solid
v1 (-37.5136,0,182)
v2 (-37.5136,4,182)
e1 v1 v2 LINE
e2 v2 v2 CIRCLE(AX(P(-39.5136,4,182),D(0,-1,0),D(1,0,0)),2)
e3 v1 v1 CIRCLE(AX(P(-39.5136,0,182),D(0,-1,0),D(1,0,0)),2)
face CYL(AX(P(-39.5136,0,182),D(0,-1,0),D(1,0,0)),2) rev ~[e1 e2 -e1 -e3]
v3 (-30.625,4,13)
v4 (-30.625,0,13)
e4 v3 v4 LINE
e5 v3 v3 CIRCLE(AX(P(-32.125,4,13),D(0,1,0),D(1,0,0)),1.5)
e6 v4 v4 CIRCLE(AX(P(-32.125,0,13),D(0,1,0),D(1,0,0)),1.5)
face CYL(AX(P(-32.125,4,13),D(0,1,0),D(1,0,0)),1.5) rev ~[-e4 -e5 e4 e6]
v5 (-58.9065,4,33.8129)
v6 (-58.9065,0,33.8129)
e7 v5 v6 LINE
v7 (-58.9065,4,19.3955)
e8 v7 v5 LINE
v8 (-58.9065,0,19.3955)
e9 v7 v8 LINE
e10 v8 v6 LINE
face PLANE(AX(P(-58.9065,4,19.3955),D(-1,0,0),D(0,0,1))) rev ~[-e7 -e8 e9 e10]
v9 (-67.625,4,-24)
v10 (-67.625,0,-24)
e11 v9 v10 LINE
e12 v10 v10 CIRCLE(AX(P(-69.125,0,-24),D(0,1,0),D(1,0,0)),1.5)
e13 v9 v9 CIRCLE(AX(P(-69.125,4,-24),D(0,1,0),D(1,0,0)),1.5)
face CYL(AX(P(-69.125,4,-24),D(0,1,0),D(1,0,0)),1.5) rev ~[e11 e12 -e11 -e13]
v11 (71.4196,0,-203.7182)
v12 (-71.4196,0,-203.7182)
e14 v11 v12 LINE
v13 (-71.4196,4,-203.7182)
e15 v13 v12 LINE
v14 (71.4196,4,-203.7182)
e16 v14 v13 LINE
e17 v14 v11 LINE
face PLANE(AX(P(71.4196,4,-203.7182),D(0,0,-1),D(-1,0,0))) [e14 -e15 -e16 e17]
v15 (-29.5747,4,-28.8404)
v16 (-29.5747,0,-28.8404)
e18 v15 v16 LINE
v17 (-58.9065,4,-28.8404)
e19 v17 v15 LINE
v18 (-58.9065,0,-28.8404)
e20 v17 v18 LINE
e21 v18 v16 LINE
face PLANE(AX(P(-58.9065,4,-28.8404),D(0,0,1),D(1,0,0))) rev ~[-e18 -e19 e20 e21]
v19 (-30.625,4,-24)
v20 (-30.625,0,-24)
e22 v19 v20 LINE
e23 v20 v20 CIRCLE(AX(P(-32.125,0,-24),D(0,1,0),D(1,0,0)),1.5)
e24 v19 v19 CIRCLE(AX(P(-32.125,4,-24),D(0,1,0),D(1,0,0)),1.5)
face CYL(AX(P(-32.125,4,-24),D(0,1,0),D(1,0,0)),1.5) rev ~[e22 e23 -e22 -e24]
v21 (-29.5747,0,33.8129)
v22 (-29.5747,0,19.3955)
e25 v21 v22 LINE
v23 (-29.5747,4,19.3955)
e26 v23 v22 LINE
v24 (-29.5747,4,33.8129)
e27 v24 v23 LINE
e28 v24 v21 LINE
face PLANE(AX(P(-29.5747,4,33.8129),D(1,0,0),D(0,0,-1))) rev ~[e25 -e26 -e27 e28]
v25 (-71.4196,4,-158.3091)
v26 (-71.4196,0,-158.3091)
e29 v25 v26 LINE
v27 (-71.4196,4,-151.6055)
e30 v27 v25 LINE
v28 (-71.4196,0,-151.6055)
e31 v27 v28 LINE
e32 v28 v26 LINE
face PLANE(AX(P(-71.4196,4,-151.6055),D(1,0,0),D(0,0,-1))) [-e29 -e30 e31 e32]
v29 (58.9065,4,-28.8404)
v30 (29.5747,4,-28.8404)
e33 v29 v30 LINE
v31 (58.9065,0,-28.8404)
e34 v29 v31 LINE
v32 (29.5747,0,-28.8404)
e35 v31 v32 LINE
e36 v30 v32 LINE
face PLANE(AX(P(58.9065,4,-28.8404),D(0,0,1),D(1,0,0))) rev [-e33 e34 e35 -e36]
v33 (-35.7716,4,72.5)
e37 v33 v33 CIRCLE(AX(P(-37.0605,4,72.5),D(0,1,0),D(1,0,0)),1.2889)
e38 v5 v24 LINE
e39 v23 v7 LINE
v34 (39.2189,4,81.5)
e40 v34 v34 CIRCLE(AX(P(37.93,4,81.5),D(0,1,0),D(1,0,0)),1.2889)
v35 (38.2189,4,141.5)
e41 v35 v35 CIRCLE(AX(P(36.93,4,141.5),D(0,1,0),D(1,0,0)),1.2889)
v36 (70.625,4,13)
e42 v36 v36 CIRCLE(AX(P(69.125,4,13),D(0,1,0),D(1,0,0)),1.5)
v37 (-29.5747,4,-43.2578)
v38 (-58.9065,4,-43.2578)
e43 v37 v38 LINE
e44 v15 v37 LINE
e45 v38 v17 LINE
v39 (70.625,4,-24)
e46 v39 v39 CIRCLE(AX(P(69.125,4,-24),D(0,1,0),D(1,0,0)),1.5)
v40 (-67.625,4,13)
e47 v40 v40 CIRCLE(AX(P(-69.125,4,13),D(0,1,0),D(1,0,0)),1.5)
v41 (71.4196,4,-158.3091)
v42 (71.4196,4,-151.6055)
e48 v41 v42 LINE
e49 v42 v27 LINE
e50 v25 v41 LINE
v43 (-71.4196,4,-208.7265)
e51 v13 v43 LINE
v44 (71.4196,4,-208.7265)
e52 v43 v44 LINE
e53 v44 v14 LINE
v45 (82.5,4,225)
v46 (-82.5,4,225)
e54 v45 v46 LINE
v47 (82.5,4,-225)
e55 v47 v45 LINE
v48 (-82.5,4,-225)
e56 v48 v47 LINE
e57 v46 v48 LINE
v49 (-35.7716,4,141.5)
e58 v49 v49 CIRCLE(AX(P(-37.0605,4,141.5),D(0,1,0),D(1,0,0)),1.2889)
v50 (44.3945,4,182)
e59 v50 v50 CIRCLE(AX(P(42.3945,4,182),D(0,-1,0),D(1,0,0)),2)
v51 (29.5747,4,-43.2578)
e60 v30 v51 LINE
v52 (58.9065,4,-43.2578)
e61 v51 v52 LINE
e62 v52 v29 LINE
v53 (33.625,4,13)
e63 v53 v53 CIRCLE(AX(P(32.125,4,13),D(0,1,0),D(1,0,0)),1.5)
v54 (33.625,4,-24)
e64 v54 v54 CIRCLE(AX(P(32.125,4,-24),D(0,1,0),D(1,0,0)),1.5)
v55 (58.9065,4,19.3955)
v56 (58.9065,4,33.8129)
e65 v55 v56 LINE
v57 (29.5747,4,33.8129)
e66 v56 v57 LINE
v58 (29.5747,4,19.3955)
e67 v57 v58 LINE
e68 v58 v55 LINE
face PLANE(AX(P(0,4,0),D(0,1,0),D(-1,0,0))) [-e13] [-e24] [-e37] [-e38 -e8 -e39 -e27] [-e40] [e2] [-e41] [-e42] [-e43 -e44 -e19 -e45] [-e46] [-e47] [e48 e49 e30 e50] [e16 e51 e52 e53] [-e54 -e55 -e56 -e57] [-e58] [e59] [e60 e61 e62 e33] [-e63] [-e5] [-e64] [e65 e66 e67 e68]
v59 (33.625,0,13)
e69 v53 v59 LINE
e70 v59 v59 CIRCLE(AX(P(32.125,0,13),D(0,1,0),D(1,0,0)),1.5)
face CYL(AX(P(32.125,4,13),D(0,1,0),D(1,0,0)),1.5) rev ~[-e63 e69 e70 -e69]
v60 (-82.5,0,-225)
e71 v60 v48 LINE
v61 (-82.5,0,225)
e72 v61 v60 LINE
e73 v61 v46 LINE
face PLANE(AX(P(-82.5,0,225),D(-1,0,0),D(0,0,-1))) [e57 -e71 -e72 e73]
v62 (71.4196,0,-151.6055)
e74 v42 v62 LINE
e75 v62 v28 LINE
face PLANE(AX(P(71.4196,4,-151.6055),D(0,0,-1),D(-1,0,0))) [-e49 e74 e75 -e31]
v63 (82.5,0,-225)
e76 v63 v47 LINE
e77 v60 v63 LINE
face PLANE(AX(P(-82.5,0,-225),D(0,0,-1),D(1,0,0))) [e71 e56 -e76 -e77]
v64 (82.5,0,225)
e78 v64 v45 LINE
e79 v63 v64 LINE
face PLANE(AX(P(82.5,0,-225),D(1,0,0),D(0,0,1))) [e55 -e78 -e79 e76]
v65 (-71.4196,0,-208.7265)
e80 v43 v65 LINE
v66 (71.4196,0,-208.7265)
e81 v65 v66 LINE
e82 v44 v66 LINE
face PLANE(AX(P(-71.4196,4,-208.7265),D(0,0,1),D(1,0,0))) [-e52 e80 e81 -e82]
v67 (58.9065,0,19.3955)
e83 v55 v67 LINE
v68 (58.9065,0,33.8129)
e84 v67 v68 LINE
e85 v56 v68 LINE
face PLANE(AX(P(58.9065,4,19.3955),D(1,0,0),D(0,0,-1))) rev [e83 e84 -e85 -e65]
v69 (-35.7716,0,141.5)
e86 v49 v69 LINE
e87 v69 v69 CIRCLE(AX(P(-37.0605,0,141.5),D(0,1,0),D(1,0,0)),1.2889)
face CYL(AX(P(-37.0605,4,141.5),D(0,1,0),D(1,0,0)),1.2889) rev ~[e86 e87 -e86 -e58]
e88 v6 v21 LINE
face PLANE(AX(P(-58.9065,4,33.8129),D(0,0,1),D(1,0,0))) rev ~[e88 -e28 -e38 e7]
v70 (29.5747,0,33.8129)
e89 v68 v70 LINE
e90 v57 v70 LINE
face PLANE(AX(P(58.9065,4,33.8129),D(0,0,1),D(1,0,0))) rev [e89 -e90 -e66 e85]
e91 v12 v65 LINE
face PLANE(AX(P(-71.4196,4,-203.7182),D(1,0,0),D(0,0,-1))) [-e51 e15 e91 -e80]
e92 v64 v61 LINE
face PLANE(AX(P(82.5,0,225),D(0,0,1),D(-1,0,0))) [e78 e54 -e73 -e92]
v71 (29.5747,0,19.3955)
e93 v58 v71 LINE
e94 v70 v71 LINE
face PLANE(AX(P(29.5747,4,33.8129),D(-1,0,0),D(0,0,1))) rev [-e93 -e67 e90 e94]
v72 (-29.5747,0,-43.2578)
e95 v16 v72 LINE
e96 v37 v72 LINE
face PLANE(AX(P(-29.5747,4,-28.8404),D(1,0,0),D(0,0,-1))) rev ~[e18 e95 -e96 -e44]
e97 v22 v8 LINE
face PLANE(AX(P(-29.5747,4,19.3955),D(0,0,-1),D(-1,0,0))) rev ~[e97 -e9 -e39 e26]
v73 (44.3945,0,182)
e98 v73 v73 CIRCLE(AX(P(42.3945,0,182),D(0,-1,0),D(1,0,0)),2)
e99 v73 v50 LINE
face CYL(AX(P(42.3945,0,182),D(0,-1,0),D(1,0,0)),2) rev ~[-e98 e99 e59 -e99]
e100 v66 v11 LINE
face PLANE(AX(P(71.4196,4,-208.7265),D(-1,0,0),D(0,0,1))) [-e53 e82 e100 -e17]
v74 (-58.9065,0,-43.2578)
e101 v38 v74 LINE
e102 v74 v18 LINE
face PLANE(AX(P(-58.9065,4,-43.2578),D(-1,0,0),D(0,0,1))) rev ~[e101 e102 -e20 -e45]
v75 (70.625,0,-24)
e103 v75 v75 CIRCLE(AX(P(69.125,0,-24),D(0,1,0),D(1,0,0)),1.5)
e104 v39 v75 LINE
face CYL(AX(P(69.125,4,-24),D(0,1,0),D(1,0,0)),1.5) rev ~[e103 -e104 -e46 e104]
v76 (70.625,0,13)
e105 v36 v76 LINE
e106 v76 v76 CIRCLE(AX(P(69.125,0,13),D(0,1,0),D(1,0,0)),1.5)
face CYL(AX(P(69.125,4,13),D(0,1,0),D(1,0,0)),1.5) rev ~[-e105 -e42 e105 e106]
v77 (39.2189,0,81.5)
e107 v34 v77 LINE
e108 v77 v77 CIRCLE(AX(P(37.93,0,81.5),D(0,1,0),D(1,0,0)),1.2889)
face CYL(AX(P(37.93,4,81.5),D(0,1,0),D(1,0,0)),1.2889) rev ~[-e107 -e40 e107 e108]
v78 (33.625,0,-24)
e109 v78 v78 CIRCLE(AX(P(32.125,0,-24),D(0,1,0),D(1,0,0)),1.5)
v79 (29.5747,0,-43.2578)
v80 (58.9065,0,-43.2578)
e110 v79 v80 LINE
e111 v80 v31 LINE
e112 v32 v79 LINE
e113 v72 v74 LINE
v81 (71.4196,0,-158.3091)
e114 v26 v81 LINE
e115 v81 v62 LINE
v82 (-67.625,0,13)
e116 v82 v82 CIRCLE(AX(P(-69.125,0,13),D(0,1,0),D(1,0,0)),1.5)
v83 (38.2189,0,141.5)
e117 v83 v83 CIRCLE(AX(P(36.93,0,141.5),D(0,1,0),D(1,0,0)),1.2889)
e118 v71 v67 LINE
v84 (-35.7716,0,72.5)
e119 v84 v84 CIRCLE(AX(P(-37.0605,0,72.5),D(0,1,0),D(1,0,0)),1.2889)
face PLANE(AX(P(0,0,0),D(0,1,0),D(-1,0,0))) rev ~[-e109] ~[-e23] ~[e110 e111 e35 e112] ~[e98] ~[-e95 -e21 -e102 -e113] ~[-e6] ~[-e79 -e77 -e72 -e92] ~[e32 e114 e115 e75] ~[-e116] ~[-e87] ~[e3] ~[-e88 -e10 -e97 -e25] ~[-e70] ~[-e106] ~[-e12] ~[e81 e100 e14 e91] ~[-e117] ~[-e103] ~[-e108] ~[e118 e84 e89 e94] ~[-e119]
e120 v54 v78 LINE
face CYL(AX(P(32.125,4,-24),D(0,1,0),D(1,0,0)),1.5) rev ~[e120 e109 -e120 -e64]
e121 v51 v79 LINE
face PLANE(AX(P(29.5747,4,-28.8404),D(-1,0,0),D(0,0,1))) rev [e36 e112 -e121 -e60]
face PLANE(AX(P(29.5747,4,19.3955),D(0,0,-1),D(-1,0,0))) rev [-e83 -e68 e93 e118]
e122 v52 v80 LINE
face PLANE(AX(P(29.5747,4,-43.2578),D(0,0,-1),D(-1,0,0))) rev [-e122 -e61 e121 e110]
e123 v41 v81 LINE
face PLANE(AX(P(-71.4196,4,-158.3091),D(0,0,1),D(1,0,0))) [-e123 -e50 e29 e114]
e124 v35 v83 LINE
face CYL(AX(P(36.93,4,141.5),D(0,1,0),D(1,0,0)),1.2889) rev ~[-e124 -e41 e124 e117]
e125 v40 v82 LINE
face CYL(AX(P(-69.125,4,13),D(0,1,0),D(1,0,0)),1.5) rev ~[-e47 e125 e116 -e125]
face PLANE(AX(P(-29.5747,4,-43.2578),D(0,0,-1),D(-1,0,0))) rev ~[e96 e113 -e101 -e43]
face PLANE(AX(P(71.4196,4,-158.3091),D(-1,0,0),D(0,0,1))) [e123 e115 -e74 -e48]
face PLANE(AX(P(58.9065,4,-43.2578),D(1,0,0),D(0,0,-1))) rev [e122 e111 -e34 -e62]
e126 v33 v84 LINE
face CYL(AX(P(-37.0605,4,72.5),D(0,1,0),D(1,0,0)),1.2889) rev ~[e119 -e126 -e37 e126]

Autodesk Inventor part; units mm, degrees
ref_plane "YZ Plane" through (0, 0, 0) normal (1, 0, 0) x (0, 1, 0)
ref_plane "XZ Plane" through (0, 0, 0) normal (0, 1, 0) x (-1, 0, 0)
ref_plane "XY Plane" through (0, 0, 0) normal (0, 0, 1) x (1, 0, 0)
sketch "Эскиз1" plane through (0, 0, 0) normal (0, 1, 0) x (-1, 0, 0)
  line L0 (-82.5, 225) -> (82.5, 225)
  line L1 (82.5, 225) -> (82.5, -225)
  line L2 (82.5, -225) -> (-82.5, -225)
  line L3 (-82.5, -225) -> (-82.5, 225)
  line L4 (-82.5, 225) -> (82.5, -225) construction
  line L5 (82.5, 225) -> (-82.5, -225) construction
  point P0 (0, 0)
  dimension "d0" = 165
  dimension "d1" = 450
extrude "Выдавливание1" add sketch "Эскиз1" along normal blind 4
sketch "Эскиз3" plane through (0, 0, 0) normal (0, -1, 0) x (1, 0, 0)
  circle A0 centre (42.3945, 182) radius 2 projected
  circle A1 centre (-39.5136, 182) radius 2 projected
  point P0 (0, 0)
extrude "Выдавливание3" cut sketch "Эскиз3" against normal blind 4
sketch "Эскиз4" plane through (0, 4, 0) normal (0, 1, 0) x (1, 0, 0)
  circle A0 centre (37.93, -81.5) radius 1.2889 projected
  circle A1 centre (-37.0605, -72.5) radius 1.2889 projected
  circle A2 centre (-37.0605, -141.5) radius 1.2889 projected
  circle A3 centre (36.93, -141.5) radius 1.2889 projected
  circle A4 centre (32.125, -13) radius 1.5 projected
  circle A5 centre (69.125, -13) radius 1.5 projected
  circle A6 centre (69.125, 24) radius 1.5 projected
  circle A7 centre (32.125, 24) radius 1.5 projected
  circle A8 centre (-32.125, 24) radius 1.5 projected
  circle A9 centre (-69.125, 24) radius 1.5 projected
  circle A10 centre (-69.125, -13) radius 1.5 projected
  circle A11 centre (-32.125, -13) radius 1.5 projected
  point P0 (0, 0)
extrude "Выдавливание4" cut sketch "Эскиз4" against normal blind 4
sketch "Эскиз5" plane through (0, 4, 0) normal (0, 1, 0) x (1, 0, 0)
  line L0 (-58.9065, 28.8404) -> (-29.5747, 28.8404)
  line L1 (-29.5747, 28.8404) -> (-29.5747, 43.2578)
  line L2 (-29.5747, 43.2578) -> (-58.9065, 43.2578)
  line L3 (-58.9065, 43.2578) -> (-58.9065, 28.8404)
  line L4 (-58.9065, 28.8404) -> (-29.5747, 43.2578) construction
  line L5 (-29.5747, 28.8404) -> (-58.9065, 43.2578) construction
  line L6 (-58.9065, -33.8129) -> (-29.5747, -33.8129)
  line L7 (-29.5747, -33.8129) -> (-29.5747, -19.3955)
  line L8 (-29.5747, -19.3955) -> (-58.9065, -19.3955)
  line L9 (-58.9065, -19.3955) -> (-58.9065, -33.8129)
  line L10 (-58.9065, -33.8129) -> (-29.5747, -19.3955) construction
  line L11 (-29.5747, -33.8129) -> (-58.9065, -19.3955) construction
  point P0 (0, 0)
  point P1 (-44.2406, 36.0491)
  point P2 (-44.2406, -26.6042)
extrude "Выдавливание5" cut sketch "Эскиз5" against normal blind 4
mirror "Зеркальное отражение1" about plane through (0, 0, 0) normal (1, 0, 0) of "Выдавливание5"
sketch "Эскиз6" plane through (0, 4, 0) normal (0, 1, 0) x (1, 0, 0)
  line L0 (71.4196, 151.6055) -> (-71.4196, 151.6055)
  line L1 (-71.4196, 151.6055) -> (-71.4196, 158.3091)
  line L2 (-71.4196, 158.3091) -> (71.4196, 158.3091)
  line L3 (71.4196, 158.3091) -> (71.4196, 151.6055)
  line L4 (71.4196, 151.6055) -> (-71.4196, 158.3091) construction
  line L5 (-71.4196, 151.6055) -> (71.4196, 158.3091) construction
  line L6 (71.4196, 203.7182) -> (-71.4196, 203.7182)
  line L7 (-71.4196, 203.7182) -> (-71.4196, 208.7265)
  line L8 (-71.4196, 208.7265) -> (71.4196, 208.7265)
  line L9 (71.4196, 208.7265) -> (71.4196, 203.7182)
  line L10 (71.4196, 203.7182) -> (-71.4196, 208.7265) construction
  line L11 (-71.4196, 203.7182) -> (71.4196, 208.7265) construction
  point P0 (0, 0)
  point P1 (0, 154.9573)
  point P2 (0, 206.2223)
extrude "Выдавливание6" cut sketch "Эскиз6" against normal blind 4
properties part number "bottom"
